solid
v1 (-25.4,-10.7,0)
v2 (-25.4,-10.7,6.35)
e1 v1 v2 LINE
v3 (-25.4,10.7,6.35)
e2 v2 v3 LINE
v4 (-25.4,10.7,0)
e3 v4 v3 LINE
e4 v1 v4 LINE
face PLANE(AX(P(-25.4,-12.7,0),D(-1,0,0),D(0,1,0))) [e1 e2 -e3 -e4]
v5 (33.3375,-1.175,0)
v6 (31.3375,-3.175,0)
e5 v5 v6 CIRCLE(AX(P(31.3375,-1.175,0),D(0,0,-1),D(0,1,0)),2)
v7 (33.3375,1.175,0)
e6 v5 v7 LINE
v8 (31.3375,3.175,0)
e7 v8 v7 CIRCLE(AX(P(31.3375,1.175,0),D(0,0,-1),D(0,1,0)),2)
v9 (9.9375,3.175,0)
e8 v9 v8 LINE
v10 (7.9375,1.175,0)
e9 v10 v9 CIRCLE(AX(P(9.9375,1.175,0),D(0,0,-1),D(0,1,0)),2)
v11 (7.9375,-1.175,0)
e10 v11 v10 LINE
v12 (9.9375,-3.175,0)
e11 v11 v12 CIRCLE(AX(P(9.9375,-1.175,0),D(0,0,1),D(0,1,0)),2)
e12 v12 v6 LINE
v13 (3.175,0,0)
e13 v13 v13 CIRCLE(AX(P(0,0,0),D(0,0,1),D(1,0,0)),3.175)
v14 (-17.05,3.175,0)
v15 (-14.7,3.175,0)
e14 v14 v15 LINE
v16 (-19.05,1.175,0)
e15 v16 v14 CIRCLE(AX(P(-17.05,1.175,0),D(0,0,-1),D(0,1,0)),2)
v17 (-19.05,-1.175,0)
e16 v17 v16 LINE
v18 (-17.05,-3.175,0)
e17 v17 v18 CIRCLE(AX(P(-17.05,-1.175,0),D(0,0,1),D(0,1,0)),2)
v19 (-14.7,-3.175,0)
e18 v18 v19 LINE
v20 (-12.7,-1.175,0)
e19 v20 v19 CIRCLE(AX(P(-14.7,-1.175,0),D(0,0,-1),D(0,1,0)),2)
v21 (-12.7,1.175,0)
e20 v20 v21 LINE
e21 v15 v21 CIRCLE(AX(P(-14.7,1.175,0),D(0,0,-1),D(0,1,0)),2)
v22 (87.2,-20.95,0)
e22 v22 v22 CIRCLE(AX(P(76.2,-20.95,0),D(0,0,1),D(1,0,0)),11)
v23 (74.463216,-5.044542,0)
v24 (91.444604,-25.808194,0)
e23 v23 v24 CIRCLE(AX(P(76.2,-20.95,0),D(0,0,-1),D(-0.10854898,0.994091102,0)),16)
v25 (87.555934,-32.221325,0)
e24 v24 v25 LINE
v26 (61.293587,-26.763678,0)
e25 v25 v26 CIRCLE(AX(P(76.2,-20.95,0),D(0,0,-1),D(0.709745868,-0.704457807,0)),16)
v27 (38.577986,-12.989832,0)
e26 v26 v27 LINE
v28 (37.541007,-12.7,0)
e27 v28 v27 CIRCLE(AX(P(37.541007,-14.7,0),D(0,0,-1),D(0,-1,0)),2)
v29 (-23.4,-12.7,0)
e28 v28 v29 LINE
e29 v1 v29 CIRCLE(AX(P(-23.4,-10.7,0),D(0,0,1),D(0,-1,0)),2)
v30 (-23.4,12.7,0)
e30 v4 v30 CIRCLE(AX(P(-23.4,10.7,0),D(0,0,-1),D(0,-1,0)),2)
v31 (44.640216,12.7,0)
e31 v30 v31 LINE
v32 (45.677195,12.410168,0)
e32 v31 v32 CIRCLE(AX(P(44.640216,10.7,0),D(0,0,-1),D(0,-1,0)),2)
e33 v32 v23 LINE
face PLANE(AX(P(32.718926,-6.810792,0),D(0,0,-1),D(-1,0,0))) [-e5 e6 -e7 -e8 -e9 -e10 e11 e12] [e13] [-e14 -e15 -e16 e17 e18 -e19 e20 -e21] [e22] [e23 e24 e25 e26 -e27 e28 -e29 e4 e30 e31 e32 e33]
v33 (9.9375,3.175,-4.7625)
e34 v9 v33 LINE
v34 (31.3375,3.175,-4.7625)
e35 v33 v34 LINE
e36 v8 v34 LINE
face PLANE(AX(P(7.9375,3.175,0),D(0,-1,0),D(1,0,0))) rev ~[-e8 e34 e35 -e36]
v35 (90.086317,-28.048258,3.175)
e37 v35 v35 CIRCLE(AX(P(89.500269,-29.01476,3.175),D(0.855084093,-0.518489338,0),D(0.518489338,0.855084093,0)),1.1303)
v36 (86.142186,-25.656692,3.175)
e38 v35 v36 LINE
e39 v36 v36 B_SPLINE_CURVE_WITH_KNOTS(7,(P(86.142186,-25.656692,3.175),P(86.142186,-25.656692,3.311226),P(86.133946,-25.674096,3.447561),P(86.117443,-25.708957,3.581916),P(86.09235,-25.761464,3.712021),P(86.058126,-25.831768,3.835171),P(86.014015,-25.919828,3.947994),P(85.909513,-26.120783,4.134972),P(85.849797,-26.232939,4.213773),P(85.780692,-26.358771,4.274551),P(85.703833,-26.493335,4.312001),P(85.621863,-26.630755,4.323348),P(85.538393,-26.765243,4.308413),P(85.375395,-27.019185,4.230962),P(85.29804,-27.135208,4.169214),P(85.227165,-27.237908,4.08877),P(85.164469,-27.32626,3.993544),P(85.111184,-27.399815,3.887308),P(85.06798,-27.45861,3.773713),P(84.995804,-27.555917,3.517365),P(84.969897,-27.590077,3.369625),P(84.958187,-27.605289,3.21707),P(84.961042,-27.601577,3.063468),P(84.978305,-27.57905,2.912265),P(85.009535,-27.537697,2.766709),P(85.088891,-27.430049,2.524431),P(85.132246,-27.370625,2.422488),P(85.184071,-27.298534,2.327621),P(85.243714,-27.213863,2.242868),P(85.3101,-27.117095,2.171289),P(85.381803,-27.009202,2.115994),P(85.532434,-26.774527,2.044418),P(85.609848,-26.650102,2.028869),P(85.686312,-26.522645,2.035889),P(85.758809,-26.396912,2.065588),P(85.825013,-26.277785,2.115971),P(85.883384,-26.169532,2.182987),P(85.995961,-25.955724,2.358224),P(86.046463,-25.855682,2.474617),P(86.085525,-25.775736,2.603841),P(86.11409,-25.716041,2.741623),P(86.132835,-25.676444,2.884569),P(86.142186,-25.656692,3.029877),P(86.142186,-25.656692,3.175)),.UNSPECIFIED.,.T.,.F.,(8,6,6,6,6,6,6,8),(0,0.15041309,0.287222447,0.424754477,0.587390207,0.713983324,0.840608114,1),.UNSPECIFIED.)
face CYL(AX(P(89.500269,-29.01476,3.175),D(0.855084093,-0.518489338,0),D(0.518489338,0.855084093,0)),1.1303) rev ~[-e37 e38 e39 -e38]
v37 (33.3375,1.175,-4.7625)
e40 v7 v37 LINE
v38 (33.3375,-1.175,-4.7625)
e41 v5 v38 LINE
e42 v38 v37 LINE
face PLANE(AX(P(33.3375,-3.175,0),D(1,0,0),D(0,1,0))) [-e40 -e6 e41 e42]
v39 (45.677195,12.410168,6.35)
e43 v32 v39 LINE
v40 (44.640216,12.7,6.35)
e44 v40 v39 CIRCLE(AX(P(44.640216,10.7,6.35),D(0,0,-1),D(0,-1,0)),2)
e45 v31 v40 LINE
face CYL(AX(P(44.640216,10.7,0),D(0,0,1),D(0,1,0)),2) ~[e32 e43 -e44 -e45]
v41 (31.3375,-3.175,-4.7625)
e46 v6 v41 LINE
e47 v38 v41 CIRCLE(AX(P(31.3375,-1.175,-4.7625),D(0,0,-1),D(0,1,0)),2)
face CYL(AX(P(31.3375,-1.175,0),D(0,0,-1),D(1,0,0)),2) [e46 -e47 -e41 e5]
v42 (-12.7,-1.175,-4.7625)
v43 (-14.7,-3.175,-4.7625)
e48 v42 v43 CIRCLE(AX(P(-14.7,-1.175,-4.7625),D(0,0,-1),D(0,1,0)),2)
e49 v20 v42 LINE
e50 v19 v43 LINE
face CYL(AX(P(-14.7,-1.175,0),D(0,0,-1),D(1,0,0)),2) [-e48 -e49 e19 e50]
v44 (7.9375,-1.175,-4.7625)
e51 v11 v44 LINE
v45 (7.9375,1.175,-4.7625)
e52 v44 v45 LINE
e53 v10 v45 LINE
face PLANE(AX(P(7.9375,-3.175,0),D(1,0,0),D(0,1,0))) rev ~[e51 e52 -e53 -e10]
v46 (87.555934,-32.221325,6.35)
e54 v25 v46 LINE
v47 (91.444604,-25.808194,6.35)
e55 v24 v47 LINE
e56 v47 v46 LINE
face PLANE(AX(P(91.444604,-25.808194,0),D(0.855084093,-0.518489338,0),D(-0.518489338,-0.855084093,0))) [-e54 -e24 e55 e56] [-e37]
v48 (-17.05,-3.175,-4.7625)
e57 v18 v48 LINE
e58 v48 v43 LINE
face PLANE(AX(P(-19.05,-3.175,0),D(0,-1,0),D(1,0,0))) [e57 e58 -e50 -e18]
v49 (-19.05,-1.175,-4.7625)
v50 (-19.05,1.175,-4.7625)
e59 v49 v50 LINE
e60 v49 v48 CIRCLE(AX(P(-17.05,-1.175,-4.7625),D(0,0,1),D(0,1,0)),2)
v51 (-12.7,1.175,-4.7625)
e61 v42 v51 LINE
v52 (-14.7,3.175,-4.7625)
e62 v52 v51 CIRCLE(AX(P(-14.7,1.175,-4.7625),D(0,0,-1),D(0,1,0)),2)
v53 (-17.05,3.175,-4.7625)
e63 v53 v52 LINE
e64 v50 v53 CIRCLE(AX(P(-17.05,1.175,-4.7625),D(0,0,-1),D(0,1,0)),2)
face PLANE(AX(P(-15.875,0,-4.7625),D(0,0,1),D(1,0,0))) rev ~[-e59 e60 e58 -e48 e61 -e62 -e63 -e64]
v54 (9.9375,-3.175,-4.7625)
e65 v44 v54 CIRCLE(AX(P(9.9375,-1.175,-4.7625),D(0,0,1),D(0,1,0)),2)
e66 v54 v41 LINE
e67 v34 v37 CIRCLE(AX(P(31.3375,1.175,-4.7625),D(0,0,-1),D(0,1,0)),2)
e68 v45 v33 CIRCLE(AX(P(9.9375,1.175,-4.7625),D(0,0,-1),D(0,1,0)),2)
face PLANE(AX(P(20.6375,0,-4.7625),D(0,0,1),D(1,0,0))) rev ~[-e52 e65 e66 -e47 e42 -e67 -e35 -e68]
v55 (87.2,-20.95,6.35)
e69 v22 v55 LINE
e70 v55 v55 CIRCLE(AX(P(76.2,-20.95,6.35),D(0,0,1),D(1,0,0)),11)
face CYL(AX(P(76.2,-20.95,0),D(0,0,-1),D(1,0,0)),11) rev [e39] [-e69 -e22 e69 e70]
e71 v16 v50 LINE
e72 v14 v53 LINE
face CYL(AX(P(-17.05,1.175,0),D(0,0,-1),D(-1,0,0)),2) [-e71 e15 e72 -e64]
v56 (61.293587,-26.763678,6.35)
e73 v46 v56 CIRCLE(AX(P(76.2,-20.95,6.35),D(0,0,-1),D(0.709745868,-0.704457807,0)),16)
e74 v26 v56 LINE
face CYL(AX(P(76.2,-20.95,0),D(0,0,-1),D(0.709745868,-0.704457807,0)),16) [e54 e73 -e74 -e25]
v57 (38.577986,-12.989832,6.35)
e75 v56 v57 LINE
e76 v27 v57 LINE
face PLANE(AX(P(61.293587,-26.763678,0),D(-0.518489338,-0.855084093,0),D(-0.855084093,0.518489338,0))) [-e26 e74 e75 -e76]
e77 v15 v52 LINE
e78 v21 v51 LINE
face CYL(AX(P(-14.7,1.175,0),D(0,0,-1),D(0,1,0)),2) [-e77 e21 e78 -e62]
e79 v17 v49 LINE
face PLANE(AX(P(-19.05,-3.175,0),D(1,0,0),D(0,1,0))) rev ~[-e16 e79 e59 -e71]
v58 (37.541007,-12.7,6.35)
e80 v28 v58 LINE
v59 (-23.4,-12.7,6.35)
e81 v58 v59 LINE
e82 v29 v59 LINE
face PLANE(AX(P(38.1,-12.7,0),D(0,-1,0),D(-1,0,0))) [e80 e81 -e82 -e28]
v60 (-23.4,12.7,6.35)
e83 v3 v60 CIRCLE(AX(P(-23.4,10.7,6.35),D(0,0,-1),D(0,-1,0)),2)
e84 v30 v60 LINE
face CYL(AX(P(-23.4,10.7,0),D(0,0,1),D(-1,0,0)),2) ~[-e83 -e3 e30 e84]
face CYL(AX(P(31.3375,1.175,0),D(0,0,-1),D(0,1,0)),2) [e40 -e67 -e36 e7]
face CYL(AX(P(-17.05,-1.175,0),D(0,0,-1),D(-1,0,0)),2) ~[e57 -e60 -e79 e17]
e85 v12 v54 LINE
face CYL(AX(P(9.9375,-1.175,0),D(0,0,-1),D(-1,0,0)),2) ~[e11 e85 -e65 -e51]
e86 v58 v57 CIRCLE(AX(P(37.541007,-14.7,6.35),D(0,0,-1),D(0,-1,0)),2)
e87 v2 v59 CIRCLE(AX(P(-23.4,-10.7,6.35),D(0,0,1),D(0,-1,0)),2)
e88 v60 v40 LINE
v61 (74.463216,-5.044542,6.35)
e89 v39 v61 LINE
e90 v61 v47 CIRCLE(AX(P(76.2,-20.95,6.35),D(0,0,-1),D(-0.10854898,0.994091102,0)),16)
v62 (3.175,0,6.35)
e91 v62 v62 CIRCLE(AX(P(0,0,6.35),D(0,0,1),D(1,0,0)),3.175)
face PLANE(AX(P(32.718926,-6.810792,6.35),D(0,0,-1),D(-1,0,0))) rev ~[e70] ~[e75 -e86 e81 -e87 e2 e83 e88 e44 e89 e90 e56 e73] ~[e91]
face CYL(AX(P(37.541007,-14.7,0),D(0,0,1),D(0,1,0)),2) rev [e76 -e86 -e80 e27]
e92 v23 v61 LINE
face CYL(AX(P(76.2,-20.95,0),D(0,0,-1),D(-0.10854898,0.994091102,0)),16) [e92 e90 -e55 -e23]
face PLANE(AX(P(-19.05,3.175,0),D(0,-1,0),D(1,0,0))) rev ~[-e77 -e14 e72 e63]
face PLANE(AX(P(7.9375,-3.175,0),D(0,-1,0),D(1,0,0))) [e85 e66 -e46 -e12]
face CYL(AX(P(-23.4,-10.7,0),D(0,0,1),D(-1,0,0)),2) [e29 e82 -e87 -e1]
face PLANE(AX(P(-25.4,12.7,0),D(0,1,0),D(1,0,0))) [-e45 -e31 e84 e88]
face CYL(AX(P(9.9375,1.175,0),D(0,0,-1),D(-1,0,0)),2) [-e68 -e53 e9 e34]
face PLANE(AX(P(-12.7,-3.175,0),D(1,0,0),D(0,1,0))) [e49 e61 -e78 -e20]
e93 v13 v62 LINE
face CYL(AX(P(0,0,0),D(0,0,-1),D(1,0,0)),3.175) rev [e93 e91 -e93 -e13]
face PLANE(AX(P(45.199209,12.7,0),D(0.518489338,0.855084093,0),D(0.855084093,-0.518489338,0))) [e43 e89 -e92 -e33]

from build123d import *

# Parameters (mm, degrees)
SKETCH1_R               = 3.175
SKETCH1_R_2             = 11
BOSS_EXTRUDE1_DEPTH     = 6.35
CUT_EXTRUDE1_REACH      = 122.068
CUT_EXTRUDE1_END_RADIUS = 11
SKETCH2_R               = 1.1303
SKETCH3_W               = 25.4
SKETCH3_H               = 6.35
SKETCH3_W_2             = 6.35
BOSS_EXTRUDE2_DEPTH     = 4.7625
FILLET3_R               = 2


with BuildPart() as part:
    # Sketch1 → Boss-Extrude1 (new body)
    with BuildSketch(Plane.XY):
        with BuildLine():
            Line((-25.4, -12.7), (-25.4, 12.7))
            Line((-25.4, 12.7), (45.199208724, 12.7))
            Line((45.199208724, 12.7), (74.463216326, -5.044542368))
            ThreePointArc((74.463216326, -5.044542368), (88.585378941, -10.82071629), (91.444603929, -25.808194216))
            Line((91.444603929, -25.808194216), (87.555933896, -32.221324916))
            ThreePointArc((87.555933896, -32.221324916), (72.944550454, -36.615313538), (61.293587146, -26.763678338))
            Line((61.293587146, -26.763678338), (38.1, -12.7))
            Line((38.1, -12.7), (-25.4, -12.7))
        make_face()
        Circle(SKETCH1_R, mode=Mode.SUBTRACT)
        with Locations((76.2, -20.95)):
            Circle(SKETCH1_R_2, mode=Mode.SUBTRACT)
    extrude(amount=BOSS_EXTRUDE1_DEPTH)

    # Cut-Extrude1: up to this cylinder (the profile starts outside it)
    cut_extrude1_end = Plane(origin=(76.2, -20.95, 3.175), z_dir=(0, 0, -1)) * Cylinder(CUT_EXTRUDE1_END_RADIUS, 267.136, mode=Mode.PRIVATE)
    # Sketch2 → Cut-Extrude1 (cut, up to the surface)
    with BuildSketch(Plane(origin=(78.303556067, -47.480194346, 0), x_dir=(0, 0, -1), z_dir=(0.8550840932924629, -0.5184893377864258, 0)), mode=Mode.PRIVATE) as cut_extrude1_sk1:
        with Locations(Location((-3.175, 21.594875785, 0), (0, 0, 90))):
            Circle(SKETCH2_R)
    cut_extrude1_tool1 = extrude(cut_extrude1_sk1.sketch, amount=-CUT_EXTRUDE1_REACH, mode=Mode.PRIVATE) - cut_extrude1_end
    add(cut_extrude1_tool1.solids().sort_by_distance((89.500269, -29.01476, 3.175))[0], mode=Mode.SUBTRACT)

    # Sketch3 → Boss-Extrude2 (add)
    with BuildSketch(Plane.XY):
        with Locations((20.6375, 0)):
            Rectangle(SKETCH3_W, SKETCH3_H)
        with Locations((-15.875, 0)):
            Rectangle(SKETCH3_W_2, SKETCH3_H)
    extrude(amount=-BOSS_EXTRUDE2_DEPTH)

    # Fillet3
    fillet3_edges = [part.edges().sort_by_distance(p)[0] for p in [
        (-25.4, -12.7, 3.175),
        (-25.4, 12.7, 3.175),
        (45.199208724, 12.7, 3.175),
        (38.1, -12.7, 3.175),
        (33.3375, 3.175, -2.38125),
        (33.3375, -3.175, -2.38125),
        (7.9375, -3.175, -2.38125),
        (7.9375, 3.175, -2.38125),
        (-12.7, 3.175, -2.38125),
        (-12.7, -3.175, -2.38125),
        (-19.05, -3.175, -2.38125),
        (-19.05, 3.175, -2.38125),
    ]]
    fillet(fillet3_edges, radius=FILLET3_R)


solid = part.part
